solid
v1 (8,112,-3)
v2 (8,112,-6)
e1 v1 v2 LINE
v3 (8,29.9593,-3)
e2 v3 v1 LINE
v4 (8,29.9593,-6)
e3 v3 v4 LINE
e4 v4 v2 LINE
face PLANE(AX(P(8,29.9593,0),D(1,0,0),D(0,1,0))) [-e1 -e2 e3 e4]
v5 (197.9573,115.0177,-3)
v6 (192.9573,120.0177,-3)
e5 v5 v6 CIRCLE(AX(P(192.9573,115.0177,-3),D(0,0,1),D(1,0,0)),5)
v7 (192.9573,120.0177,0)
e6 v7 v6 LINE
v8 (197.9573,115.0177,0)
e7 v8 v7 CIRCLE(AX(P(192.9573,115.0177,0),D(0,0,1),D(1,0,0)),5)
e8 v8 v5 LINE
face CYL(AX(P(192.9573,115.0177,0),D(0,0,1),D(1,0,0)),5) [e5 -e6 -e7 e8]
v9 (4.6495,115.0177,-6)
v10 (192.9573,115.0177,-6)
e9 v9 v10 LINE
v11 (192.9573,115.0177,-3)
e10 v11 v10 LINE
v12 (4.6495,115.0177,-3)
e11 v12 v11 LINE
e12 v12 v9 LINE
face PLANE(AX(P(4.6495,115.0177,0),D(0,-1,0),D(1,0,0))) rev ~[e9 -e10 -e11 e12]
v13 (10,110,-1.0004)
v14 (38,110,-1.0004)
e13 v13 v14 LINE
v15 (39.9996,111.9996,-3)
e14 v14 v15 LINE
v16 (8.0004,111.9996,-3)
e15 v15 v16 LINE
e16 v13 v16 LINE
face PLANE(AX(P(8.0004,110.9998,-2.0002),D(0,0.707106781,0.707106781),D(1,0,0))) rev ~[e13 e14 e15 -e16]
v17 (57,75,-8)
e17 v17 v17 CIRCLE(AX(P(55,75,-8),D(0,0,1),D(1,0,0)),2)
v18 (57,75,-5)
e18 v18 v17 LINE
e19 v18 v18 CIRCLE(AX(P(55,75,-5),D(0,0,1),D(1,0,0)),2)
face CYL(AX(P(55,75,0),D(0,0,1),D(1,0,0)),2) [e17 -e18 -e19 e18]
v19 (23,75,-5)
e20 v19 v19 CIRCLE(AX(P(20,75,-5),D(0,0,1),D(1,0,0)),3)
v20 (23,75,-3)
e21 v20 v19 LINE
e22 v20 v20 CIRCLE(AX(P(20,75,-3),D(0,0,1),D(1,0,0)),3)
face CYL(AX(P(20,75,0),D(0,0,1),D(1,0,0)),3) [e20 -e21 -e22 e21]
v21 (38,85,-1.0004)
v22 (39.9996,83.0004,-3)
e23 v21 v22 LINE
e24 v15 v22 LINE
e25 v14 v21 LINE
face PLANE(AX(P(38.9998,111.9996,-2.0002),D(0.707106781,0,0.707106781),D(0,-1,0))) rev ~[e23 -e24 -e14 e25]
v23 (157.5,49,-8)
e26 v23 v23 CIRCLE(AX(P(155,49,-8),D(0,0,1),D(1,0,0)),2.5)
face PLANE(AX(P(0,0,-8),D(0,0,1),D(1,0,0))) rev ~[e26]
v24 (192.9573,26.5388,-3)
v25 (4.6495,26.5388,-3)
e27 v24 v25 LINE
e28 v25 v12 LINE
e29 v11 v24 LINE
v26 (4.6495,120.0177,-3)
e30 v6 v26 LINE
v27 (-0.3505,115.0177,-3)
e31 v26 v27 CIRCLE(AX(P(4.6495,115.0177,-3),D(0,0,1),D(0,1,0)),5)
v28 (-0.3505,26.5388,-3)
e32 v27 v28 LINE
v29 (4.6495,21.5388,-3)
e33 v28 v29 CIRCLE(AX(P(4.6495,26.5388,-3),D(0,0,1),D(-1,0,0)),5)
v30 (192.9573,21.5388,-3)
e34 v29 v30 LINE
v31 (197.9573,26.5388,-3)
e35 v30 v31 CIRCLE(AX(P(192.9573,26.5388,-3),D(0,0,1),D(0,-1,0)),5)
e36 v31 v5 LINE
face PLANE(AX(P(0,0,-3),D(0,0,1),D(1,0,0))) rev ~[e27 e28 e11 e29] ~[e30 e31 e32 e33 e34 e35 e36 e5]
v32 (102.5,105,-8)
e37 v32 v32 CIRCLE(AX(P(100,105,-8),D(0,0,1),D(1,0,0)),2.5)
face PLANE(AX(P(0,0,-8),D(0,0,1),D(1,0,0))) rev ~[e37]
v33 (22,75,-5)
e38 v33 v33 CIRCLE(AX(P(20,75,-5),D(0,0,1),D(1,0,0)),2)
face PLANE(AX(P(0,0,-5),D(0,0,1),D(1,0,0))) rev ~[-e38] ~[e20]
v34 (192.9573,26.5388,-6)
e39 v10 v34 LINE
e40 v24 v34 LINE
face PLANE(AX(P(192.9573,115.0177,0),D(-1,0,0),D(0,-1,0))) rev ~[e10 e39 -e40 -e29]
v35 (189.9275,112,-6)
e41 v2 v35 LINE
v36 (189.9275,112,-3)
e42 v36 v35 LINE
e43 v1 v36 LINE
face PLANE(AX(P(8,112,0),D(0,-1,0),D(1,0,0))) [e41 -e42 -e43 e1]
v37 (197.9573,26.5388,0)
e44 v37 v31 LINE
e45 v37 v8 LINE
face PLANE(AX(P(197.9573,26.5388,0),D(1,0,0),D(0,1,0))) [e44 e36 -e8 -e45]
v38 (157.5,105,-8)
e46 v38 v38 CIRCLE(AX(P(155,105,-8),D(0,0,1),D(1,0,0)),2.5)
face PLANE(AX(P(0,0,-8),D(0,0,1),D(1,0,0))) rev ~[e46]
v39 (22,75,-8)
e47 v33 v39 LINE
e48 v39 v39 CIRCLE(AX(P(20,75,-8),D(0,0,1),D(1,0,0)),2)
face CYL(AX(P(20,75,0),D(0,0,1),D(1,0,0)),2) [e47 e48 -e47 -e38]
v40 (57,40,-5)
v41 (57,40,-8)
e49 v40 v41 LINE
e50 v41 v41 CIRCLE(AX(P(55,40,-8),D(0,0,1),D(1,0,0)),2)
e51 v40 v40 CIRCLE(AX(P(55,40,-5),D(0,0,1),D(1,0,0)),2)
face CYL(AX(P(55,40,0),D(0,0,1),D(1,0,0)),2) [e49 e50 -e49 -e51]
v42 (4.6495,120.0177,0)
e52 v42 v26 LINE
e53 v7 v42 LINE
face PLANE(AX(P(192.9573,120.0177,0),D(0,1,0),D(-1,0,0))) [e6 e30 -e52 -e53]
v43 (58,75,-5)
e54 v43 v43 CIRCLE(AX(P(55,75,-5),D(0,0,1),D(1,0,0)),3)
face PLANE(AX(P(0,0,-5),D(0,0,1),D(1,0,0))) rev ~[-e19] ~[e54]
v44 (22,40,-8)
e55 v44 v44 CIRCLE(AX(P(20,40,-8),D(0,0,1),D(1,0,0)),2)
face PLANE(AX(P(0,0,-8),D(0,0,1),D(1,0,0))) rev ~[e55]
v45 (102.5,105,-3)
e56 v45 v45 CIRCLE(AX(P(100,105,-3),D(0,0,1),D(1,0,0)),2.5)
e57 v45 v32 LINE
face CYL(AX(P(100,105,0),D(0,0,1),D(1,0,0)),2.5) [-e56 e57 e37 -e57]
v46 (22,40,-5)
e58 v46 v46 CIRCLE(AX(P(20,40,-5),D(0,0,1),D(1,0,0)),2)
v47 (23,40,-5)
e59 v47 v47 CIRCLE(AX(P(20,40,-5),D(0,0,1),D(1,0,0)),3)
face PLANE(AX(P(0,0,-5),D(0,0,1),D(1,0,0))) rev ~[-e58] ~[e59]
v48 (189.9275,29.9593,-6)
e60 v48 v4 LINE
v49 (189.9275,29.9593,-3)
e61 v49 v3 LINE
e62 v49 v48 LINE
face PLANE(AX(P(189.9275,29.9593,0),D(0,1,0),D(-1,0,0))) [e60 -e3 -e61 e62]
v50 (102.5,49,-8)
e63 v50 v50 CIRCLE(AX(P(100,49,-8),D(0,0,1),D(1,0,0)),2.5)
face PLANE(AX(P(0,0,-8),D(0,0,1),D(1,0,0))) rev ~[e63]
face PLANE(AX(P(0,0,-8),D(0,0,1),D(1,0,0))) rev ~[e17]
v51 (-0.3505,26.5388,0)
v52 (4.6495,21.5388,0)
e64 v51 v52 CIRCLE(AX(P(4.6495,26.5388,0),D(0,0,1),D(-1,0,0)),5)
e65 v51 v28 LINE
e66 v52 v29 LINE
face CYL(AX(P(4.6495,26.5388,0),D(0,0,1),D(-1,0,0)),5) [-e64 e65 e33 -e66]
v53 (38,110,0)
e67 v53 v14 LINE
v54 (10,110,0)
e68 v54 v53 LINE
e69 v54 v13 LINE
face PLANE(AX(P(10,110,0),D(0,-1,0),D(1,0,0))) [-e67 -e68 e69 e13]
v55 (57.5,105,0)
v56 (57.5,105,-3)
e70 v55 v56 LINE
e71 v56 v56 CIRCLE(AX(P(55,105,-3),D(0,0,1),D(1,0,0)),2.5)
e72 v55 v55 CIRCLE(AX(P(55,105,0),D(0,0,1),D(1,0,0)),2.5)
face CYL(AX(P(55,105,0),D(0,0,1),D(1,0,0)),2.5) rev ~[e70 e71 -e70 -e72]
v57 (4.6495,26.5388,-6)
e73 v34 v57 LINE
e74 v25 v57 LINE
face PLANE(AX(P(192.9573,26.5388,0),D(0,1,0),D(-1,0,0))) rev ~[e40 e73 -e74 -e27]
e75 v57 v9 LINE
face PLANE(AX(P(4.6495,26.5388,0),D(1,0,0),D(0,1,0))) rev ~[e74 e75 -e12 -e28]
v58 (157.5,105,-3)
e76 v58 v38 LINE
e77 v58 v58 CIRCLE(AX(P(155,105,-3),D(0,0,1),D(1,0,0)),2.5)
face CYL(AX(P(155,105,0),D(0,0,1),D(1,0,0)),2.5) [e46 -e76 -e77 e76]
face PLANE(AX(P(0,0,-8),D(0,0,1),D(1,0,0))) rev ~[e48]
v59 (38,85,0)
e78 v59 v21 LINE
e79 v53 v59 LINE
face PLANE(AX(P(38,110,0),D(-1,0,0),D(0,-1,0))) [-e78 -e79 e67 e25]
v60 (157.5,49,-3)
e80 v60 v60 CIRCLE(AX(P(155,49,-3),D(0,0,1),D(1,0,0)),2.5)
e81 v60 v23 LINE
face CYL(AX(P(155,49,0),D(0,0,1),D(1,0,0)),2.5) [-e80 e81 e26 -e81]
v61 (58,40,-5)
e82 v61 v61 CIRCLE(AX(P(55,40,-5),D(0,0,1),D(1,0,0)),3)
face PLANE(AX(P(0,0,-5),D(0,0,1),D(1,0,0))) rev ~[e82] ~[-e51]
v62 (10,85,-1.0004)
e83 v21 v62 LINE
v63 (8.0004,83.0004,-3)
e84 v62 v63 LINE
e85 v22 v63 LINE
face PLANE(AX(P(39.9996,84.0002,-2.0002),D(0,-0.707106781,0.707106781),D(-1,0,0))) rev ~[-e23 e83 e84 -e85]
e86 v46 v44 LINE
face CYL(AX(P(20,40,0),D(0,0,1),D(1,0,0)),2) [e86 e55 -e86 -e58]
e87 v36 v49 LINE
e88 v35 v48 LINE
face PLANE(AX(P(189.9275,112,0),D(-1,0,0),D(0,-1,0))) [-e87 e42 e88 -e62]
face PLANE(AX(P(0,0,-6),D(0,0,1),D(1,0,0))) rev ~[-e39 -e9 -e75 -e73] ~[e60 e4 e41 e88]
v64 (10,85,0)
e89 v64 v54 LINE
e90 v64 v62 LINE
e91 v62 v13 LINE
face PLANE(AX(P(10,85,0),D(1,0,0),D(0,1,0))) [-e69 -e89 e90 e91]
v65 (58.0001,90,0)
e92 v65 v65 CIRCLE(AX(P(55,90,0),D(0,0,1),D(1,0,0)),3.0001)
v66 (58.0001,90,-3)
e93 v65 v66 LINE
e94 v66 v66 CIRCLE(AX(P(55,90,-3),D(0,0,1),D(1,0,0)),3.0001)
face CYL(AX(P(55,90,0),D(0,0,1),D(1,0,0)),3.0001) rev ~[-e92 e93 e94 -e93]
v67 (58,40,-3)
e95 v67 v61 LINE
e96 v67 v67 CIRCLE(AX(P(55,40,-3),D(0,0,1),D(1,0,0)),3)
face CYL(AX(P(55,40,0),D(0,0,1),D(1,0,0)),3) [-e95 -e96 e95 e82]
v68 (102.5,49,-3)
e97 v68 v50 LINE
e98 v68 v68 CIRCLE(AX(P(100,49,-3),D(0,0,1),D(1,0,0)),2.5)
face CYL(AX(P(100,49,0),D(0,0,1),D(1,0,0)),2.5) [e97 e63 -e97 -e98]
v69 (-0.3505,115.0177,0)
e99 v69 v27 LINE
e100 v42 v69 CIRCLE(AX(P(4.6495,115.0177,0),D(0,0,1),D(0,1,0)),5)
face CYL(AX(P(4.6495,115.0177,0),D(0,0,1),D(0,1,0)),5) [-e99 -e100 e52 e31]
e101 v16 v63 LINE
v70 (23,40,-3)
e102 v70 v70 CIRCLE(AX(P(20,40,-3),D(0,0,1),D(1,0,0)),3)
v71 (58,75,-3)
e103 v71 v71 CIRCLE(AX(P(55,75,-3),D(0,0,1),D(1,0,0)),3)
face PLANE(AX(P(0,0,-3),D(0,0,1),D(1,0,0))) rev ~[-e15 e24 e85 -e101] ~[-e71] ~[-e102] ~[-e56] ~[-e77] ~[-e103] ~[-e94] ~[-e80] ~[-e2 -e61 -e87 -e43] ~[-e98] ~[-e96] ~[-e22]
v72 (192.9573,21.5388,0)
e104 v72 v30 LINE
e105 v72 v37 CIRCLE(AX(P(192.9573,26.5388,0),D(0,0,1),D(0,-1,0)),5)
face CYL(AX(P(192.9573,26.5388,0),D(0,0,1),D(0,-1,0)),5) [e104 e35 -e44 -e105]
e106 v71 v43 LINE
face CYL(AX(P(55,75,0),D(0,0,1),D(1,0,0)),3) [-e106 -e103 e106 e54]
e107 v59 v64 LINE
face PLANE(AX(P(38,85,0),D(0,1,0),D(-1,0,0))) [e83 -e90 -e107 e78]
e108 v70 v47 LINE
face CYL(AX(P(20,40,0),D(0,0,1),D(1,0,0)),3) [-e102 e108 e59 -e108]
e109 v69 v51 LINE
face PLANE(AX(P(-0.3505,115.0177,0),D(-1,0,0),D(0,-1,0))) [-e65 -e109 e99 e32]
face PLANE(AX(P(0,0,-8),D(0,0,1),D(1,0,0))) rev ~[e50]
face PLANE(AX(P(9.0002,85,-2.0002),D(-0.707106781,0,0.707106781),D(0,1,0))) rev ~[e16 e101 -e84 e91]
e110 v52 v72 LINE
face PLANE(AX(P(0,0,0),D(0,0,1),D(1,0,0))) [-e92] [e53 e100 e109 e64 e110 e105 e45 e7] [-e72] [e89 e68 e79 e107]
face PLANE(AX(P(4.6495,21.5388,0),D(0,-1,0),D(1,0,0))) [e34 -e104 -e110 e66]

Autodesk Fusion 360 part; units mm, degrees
sketch "Sketch1" plane through (0, 0, 0) normal (0, 0, 1) x (1, 0, 0)
  line L0 (4.6495, 21.5388) -> (192.9573, 21.5388)
  line L1 (197.9573, 26.5388) -> (197.9573, 115.0177)
  line L2 (192.9573, 120.0177) -> (4.6495, 120.0177)
  line L3 (-0.3505, 115.0177) -> (-0.3505, 26.5388)
  line L4 (10, 110) -> (38, 110)
  line L5 (38, 110) -> (38, 85)
  line L6 (38, 85) -> (10, 85)
  line L7 (10, 85) -> (10, 110)
  circle A0 centre (55, 105) radius 2.5
  circle A1 centre (55, 90) radius 3.0001
  circle A2 centre (100, 105) radius 2.5
  circle A3 centre (100, 49) radius 2.5
  circle A4 centre (155, 105) radius 2.5
  circle A5 centre (155, 49) radius 2.5
  arc A6 (4.6495, 120.0177) -> (-0.3505, 115.0177) centre (4.6495, 115.0177) ccw
  arc A7 (197.9573, 115.0177) -> (192.9573, 120.0177) centre (192.9573, 115.0177) ccw
  arc A8 (192.9573, 21.5388) -> (197.9573, 26.5388) centre (192.9573, 26.5388) ccw
  arc A9 (-0.3505, 26.5388) -> (4.6495, 21.5388) centre (4.6495, 26.5388) ccw
  line L8 (4.6495, 115.0177) -> (192.9573, 115.0177)
  line L9 (192.9573, 115.0177) -> (192.9573, 26.5388)
  line L10 (192.9573, 26.5388) -> (4.6495, 26.5388)
  line L11 (4.6495, 26.5388) -> (4.6495, 115.0177)
  line L12 (8, 112) -> (189.9275, 112)
  line L13 (189.9275, 112) -> (189.9275, 29.9593)
  line L14 (189.9275, 29.9593) -> (8, 29.9593)
  line L15 (8, 29.9593) -> (8, 112)
  circle A10 centre (20, 40) radius 2
  circle A11 centre (20, 40) radius 3
  circle A12 centre (20, 75) radius 2
  circle A13 centre (20, 75) radius 3
  circle A14 centre (55, 40) radius 2
  circle A15 centre (55, 40) radius 3
  circle A16 centre (55, 75) radius 2
  circle A17 centre (55, 75) radius 3
  dimension "d1" = 5
  dimension "d2" = 6.0002
  dimension "d3" = 5
  dimension "d4" = 5
  dimension "d5" = 5
  dimension "d6" = 5
  dimension "d7" = 5
extrude "Extrude8" add sketch "Sketch1" against normal blind 3 contours L0 L1 L2 L3 A6 A7 A8 A9 | L12 L13 L14 L15 makes body 1 at (67.4187, 23.2054, 0) makes body 2 at (118.9226, 85.7441, 0)
extrude "Extrude9" add sketch "Sketch1" against normal blind 6 contours L8 L9 L10 L11 bodies 1 2
extrude "Extrude10" add sketch "Sketch1" against normal blind 5 contours A11 | A13 | A15 | A17 bodies 1
extrude "Extrude11" add sketch "Sketch1" against normal blind 8 contours A10 | A12 | A14 | A16 bodies 1
extrude "Extrude12" add sketch "Sketch1" against normal blind 8 contours A2 | A3 | A4 | A5 bodies 1
chamfer "Chamfer4" distance 2 angle 45 1 edges at (10, 97.5, -3) on bodies 1
chamfer "Chamfer5" distance 2 angle 45 1 edges at (23, 110, -3) on bodies 1
chamfer "Chamfer6" distance 2 angle 45 1 edges at (38, 98.5, -3) on bodies 1
chamfer "Chamfer7" distance 2 angle 45 1 edges at (24, 85, -3) on bodies 1
